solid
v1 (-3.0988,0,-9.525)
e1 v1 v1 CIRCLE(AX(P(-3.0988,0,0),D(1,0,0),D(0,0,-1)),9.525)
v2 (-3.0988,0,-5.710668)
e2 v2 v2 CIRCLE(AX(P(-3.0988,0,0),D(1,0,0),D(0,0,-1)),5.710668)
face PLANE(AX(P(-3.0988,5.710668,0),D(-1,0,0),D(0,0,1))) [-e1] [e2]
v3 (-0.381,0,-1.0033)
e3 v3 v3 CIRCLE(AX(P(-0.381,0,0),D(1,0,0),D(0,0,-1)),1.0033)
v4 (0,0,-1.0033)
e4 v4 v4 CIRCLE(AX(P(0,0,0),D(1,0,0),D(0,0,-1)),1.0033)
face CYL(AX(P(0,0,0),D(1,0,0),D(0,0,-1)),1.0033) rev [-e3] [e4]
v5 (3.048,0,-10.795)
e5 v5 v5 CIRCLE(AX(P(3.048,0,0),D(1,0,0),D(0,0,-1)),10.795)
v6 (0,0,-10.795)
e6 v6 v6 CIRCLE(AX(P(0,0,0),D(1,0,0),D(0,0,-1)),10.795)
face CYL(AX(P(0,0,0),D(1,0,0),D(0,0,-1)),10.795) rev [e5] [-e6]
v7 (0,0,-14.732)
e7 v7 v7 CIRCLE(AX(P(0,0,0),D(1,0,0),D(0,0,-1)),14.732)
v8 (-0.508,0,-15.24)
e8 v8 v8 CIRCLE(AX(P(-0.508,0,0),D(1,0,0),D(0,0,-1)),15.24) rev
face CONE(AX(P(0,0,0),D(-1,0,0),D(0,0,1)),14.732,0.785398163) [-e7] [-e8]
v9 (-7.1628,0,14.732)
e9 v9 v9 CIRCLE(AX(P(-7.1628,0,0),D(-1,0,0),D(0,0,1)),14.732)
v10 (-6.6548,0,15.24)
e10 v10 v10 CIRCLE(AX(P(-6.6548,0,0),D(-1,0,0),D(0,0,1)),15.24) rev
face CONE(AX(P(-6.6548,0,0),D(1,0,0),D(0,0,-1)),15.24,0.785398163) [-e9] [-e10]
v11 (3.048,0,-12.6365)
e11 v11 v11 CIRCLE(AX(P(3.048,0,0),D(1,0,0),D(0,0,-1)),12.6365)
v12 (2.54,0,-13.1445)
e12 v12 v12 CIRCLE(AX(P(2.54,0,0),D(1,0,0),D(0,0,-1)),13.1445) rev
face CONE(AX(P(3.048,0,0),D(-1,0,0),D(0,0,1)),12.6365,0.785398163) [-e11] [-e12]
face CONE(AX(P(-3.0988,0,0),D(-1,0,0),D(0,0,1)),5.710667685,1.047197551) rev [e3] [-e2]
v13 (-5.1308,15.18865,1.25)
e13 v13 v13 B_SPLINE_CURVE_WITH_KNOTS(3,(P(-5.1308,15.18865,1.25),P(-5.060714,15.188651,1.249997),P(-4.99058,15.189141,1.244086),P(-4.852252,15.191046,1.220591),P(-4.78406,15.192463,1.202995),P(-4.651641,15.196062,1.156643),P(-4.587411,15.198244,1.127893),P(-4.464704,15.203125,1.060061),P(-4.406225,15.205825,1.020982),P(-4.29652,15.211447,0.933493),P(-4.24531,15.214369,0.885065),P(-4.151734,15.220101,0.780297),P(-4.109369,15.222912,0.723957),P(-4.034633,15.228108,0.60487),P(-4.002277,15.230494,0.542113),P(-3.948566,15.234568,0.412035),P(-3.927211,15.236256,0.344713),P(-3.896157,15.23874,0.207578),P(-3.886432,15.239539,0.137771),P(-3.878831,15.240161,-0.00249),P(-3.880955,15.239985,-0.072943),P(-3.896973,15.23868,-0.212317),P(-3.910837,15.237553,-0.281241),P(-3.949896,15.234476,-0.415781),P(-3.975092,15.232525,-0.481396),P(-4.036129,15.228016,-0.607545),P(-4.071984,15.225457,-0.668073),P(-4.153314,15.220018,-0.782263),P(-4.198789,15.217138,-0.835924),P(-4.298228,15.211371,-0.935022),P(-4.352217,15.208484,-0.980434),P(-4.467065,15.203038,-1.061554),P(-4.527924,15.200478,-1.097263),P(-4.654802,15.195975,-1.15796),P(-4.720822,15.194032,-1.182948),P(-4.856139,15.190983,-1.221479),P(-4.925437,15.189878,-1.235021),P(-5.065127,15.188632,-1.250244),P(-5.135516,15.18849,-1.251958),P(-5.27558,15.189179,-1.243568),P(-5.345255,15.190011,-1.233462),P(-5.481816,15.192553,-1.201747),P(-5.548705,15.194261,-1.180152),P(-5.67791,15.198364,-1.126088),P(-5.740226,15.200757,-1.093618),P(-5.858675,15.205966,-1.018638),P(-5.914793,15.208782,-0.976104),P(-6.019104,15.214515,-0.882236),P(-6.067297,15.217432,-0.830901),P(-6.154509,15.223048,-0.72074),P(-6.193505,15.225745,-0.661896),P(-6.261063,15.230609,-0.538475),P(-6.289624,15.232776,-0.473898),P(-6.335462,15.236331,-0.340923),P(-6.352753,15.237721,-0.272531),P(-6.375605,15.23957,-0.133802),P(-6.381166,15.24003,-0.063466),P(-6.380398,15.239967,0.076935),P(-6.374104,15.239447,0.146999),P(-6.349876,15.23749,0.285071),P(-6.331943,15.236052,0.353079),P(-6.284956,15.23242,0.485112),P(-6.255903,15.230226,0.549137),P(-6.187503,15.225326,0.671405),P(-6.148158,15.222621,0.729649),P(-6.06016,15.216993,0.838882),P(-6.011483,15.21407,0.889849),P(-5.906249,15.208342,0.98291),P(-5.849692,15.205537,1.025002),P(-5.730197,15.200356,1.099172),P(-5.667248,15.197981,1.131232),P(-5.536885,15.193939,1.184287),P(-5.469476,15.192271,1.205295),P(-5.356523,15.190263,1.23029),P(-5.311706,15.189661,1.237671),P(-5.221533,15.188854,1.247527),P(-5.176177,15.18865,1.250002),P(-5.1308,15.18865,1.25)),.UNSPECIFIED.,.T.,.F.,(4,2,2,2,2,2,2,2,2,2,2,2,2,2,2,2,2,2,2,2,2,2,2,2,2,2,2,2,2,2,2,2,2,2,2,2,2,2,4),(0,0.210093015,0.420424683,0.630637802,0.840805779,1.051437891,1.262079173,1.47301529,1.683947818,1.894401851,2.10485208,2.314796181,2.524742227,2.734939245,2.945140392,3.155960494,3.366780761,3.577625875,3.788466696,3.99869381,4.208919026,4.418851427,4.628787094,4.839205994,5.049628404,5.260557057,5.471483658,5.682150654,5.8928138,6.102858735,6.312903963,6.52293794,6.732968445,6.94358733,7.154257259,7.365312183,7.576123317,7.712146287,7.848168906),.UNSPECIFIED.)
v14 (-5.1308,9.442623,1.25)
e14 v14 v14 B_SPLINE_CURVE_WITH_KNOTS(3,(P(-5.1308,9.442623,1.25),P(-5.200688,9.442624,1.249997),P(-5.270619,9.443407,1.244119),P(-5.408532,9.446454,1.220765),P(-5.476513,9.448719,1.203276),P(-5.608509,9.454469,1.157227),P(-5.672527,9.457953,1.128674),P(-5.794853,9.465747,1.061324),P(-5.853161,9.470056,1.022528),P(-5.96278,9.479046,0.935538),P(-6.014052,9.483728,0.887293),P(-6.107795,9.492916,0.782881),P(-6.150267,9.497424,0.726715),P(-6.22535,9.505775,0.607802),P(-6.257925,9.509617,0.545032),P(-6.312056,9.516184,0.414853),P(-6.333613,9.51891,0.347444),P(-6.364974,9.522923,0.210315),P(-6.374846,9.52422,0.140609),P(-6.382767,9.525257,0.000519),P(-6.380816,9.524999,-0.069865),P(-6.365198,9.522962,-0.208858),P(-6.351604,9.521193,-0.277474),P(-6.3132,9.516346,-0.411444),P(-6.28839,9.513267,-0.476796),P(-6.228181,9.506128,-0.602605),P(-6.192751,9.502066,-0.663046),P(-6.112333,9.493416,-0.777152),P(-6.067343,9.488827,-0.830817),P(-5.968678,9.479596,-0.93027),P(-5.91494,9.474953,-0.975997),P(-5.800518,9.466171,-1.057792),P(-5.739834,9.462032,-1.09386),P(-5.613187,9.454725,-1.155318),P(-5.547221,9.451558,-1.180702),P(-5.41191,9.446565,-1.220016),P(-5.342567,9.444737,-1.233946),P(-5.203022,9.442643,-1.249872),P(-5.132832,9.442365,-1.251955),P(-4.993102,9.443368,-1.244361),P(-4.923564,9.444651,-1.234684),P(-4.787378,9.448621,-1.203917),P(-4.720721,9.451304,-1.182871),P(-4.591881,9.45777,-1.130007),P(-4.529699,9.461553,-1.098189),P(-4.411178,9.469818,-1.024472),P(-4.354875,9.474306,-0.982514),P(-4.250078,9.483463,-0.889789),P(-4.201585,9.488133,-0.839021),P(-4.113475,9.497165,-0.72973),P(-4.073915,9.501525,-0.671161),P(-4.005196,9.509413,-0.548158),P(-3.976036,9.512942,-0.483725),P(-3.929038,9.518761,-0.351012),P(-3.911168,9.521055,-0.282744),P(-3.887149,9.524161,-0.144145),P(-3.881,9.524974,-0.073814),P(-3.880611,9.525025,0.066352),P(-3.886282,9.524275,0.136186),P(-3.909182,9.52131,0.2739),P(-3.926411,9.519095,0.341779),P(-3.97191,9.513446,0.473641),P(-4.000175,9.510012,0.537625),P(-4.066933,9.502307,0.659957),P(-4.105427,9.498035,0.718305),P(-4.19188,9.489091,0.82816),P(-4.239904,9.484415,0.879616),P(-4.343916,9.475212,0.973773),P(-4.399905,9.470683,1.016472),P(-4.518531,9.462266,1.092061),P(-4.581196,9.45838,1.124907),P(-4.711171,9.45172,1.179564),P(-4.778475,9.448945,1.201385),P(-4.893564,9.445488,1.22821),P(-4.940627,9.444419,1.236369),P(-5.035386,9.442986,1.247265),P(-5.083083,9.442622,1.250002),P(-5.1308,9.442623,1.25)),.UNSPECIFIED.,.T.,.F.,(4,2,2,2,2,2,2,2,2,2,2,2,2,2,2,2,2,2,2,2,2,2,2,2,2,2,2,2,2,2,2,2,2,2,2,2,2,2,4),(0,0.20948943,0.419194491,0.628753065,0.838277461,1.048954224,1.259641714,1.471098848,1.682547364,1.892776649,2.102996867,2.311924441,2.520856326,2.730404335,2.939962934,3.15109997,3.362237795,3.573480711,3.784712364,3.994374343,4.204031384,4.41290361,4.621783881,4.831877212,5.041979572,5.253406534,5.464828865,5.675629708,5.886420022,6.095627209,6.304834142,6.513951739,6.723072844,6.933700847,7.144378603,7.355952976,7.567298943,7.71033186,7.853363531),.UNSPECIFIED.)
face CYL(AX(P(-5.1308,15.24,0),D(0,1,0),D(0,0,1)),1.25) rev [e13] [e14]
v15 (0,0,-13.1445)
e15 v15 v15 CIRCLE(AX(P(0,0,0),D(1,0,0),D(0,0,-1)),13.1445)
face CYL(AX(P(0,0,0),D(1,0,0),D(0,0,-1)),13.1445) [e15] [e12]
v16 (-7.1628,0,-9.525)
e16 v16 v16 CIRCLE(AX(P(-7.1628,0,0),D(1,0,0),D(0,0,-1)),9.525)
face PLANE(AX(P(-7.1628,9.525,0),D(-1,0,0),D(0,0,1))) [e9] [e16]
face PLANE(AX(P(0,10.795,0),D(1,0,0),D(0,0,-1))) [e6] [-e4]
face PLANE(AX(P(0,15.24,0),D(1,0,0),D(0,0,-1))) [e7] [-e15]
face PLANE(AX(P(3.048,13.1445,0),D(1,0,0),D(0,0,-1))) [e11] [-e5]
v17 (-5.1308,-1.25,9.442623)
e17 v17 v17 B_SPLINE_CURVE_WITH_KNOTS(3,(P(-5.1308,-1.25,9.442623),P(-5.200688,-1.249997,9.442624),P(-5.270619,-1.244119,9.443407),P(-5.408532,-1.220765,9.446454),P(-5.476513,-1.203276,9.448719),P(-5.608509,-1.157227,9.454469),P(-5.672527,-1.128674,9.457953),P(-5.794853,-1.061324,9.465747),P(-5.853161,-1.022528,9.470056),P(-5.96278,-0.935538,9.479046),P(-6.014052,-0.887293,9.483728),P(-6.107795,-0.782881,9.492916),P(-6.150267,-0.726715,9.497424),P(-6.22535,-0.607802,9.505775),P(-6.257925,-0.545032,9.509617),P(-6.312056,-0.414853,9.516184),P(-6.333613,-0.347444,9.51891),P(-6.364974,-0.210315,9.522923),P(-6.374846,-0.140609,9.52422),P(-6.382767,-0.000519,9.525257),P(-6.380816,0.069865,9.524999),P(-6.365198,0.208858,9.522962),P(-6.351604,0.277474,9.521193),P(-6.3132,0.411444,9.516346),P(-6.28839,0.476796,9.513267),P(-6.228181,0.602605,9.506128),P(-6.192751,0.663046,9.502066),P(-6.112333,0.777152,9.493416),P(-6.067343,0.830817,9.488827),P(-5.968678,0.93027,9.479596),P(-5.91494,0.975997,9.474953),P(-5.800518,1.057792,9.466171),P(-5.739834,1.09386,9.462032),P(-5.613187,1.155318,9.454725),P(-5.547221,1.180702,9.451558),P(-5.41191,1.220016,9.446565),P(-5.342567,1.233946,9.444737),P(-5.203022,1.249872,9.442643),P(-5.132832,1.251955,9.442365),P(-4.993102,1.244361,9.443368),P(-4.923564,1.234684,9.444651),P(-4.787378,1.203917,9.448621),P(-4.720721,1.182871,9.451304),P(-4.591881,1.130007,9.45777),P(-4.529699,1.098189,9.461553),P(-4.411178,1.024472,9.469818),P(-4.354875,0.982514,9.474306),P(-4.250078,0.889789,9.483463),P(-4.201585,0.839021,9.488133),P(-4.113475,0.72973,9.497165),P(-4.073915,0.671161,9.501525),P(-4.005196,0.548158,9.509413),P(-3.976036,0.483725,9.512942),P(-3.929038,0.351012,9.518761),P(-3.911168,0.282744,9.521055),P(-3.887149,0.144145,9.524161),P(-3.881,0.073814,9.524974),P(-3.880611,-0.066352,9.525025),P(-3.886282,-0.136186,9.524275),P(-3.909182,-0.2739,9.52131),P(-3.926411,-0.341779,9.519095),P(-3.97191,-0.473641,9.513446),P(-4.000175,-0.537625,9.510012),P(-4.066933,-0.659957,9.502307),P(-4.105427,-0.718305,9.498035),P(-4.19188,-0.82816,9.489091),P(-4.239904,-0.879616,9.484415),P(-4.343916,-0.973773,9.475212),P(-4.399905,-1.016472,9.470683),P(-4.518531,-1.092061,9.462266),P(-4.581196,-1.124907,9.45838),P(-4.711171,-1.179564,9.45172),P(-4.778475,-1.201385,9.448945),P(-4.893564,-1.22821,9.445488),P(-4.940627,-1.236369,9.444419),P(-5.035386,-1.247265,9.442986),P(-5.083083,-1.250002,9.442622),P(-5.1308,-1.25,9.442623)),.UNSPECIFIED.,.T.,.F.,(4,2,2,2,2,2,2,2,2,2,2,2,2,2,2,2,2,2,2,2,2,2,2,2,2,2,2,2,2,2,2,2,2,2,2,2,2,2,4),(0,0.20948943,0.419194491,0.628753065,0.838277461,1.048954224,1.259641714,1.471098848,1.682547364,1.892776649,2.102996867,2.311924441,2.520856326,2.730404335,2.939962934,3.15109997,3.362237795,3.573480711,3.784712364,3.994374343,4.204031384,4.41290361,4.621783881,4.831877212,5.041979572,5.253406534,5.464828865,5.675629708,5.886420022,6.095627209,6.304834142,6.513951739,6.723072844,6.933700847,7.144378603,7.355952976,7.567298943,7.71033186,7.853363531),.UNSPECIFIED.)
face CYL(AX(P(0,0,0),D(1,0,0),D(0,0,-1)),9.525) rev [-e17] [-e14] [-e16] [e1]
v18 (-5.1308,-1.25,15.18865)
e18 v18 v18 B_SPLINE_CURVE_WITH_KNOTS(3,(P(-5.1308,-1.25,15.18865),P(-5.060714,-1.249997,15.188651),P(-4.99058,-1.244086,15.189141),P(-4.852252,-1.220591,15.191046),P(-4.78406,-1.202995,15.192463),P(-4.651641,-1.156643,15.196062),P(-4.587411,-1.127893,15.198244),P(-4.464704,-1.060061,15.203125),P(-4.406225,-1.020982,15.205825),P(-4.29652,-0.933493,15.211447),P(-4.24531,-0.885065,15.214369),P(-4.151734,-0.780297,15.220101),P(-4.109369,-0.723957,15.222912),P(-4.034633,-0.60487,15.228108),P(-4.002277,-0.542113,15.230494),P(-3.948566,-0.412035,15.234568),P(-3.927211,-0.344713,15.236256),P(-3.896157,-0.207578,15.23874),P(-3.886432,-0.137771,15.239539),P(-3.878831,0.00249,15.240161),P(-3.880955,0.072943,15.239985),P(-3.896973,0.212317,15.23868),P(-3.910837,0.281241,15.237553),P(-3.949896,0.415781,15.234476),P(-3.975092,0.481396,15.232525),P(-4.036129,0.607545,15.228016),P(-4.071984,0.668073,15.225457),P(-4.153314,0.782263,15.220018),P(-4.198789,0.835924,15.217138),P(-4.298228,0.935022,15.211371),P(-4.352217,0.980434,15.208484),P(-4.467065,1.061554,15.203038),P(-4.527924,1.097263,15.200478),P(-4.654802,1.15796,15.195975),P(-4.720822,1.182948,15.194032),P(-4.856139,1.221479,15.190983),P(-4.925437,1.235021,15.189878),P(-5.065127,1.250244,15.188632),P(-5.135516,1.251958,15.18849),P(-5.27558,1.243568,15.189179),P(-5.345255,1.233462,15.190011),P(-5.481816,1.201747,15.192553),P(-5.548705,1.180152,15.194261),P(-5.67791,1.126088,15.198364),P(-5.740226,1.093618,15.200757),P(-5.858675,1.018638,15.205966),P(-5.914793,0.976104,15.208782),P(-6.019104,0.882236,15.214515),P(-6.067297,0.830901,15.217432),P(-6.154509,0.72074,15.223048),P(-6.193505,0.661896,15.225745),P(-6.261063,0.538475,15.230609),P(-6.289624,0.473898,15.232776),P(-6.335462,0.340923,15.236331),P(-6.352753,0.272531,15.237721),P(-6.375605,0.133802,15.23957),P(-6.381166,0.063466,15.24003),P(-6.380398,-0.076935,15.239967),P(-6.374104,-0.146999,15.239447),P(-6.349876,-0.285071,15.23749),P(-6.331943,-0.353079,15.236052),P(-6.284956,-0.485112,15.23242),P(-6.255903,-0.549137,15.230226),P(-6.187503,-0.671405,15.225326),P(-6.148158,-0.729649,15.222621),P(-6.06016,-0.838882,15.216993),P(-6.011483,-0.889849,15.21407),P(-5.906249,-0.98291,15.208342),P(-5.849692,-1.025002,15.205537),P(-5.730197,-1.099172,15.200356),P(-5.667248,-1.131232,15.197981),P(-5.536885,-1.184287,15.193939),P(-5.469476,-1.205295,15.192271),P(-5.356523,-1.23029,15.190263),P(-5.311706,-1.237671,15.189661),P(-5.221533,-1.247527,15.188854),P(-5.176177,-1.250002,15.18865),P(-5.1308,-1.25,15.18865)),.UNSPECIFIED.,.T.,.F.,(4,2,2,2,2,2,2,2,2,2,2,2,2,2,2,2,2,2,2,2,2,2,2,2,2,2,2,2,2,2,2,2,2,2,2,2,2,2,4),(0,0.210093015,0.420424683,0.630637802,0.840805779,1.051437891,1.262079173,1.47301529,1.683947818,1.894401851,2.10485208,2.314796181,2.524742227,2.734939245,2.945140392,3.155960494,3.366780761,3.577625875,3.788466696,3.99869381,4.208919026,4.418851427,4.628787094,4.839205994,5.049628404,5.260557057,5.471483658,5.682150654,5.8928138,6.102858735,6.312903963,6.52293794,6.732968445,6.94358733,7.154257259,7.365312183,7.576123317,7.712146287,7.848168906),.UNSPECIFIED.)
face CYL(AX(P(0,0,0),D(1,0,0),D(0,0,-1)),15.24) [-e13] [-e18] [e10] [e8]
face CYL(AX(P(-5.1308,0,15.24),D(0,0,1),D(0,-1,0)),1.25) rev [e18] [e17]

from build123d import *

# Parameters (mm, degrees)
M3X0_5_TAPPED_HOLE1_REACH           = 32.48
M3X0_5_TAPPED_HOLE1_BORE_R          = 1.25
M3X0_5_TAPPED_HOLE1_ON_FACE_2_REACH = 32.48
M3X0_5_TAPPED_HOLE1_BORE_2_R        = 1.25
CHAMFER1_SIZE                       = 0.508


with BuildPart() as part:
    # Sketch1 → Revolve1 (revolve)
    with BuildSketch(Plane.XY, mode=Mode.PRIVATE) as revolve1_sk:
        Polygon((-0.381, 1.0033), (-3.0988, 5.710667685), (-3.0988, 9.525), (-7.1628, 9.525), (-7.1628, 15.24), (0, 15.24), (0, 13.1445), (3.048, 13.1445), (3.048, 10.795), (0, 10.795), (0, 1.0033), align=None)
    revolve(revolve1_sk.sketch.rotate(Axis((0, 0, 0), (-1, 0, 0)), 90), axis=Axis((0, 0, 0), (-1, 0, 0)))  # turned: the seam where the file's is

    # M3x0.5 Tapped Hole1 bore (on position points) → M3x0.5 Tapped Hole1 (cut, up to next)
    with BuildSketch(Plane(origin=(-5.1308, 15.24, 0), x_dir=(0, 0, 1), z_dir=(0, 1, 0)), mode=Mode.PRIVATE) as m3x0_5_tapped_hole1_sk1:
        Circle(M3X0_5_TAPPED_HOLE1_BORE_R)
    m3x0_5_tapped_hole1_tool1 = extrude(m3x0_5_tapped_hole1_sk1.sketch, amount=-M3X0_5_TAPPED_HOLE1_REACH, mode=Mode.PRIVATE) & part.part
    add(m3x0_5_tapped_hole1_tool1.solids().sort_by_distance((-5.1308, 15.24, 0))[0], mode=Mode.SUBTRACT)

    # M3x0.5 Tapped Hole1 bore 2 (on position points) → M3x0.5 Tapped Hole1 on face 2 (cut, up to next)
    with BuildSketch(Plane(origin=(-5.1308, 0, 15.24), x_dir=(1, 0, 0), z_dir=(0, 0, 1)), mode=Mode.PRIVATE) as m3x0_5_tapped_hole1_on_face_2_sk1:
        Circle(M3X0_5_TAPPED_HOLE1_BORE_2_R)
    m3x0_5_tapped_hole1_on_face_2_tool1 = extrude(m3x0_5_tapped_hole1_on_face_2_sk1.sketch, amount=-M3X0_5_TAPPED_HOLE1_ON_FACE_2_REACH, mode=Mode.PRIVATE) & part.part
    add(m3x0_5_tapped_hole1_on_face_2_tool1.solids().sort_by_distance((-5.1308, 0, 15.24))[0], mode=Mode.SUBTRACT)

    # Chamfer1
    chamfer1_edges = [part.edges().sort_by_distance(p)[0] for p in [
        (-7.1628, 0, 15.24),
        (0, 0, 15.24),
        (3.048, 0, 13.1445),
    ]]
    chamfer(chamfer1_edges, length=CHAMFER1_SIZE)


solid = part.part
